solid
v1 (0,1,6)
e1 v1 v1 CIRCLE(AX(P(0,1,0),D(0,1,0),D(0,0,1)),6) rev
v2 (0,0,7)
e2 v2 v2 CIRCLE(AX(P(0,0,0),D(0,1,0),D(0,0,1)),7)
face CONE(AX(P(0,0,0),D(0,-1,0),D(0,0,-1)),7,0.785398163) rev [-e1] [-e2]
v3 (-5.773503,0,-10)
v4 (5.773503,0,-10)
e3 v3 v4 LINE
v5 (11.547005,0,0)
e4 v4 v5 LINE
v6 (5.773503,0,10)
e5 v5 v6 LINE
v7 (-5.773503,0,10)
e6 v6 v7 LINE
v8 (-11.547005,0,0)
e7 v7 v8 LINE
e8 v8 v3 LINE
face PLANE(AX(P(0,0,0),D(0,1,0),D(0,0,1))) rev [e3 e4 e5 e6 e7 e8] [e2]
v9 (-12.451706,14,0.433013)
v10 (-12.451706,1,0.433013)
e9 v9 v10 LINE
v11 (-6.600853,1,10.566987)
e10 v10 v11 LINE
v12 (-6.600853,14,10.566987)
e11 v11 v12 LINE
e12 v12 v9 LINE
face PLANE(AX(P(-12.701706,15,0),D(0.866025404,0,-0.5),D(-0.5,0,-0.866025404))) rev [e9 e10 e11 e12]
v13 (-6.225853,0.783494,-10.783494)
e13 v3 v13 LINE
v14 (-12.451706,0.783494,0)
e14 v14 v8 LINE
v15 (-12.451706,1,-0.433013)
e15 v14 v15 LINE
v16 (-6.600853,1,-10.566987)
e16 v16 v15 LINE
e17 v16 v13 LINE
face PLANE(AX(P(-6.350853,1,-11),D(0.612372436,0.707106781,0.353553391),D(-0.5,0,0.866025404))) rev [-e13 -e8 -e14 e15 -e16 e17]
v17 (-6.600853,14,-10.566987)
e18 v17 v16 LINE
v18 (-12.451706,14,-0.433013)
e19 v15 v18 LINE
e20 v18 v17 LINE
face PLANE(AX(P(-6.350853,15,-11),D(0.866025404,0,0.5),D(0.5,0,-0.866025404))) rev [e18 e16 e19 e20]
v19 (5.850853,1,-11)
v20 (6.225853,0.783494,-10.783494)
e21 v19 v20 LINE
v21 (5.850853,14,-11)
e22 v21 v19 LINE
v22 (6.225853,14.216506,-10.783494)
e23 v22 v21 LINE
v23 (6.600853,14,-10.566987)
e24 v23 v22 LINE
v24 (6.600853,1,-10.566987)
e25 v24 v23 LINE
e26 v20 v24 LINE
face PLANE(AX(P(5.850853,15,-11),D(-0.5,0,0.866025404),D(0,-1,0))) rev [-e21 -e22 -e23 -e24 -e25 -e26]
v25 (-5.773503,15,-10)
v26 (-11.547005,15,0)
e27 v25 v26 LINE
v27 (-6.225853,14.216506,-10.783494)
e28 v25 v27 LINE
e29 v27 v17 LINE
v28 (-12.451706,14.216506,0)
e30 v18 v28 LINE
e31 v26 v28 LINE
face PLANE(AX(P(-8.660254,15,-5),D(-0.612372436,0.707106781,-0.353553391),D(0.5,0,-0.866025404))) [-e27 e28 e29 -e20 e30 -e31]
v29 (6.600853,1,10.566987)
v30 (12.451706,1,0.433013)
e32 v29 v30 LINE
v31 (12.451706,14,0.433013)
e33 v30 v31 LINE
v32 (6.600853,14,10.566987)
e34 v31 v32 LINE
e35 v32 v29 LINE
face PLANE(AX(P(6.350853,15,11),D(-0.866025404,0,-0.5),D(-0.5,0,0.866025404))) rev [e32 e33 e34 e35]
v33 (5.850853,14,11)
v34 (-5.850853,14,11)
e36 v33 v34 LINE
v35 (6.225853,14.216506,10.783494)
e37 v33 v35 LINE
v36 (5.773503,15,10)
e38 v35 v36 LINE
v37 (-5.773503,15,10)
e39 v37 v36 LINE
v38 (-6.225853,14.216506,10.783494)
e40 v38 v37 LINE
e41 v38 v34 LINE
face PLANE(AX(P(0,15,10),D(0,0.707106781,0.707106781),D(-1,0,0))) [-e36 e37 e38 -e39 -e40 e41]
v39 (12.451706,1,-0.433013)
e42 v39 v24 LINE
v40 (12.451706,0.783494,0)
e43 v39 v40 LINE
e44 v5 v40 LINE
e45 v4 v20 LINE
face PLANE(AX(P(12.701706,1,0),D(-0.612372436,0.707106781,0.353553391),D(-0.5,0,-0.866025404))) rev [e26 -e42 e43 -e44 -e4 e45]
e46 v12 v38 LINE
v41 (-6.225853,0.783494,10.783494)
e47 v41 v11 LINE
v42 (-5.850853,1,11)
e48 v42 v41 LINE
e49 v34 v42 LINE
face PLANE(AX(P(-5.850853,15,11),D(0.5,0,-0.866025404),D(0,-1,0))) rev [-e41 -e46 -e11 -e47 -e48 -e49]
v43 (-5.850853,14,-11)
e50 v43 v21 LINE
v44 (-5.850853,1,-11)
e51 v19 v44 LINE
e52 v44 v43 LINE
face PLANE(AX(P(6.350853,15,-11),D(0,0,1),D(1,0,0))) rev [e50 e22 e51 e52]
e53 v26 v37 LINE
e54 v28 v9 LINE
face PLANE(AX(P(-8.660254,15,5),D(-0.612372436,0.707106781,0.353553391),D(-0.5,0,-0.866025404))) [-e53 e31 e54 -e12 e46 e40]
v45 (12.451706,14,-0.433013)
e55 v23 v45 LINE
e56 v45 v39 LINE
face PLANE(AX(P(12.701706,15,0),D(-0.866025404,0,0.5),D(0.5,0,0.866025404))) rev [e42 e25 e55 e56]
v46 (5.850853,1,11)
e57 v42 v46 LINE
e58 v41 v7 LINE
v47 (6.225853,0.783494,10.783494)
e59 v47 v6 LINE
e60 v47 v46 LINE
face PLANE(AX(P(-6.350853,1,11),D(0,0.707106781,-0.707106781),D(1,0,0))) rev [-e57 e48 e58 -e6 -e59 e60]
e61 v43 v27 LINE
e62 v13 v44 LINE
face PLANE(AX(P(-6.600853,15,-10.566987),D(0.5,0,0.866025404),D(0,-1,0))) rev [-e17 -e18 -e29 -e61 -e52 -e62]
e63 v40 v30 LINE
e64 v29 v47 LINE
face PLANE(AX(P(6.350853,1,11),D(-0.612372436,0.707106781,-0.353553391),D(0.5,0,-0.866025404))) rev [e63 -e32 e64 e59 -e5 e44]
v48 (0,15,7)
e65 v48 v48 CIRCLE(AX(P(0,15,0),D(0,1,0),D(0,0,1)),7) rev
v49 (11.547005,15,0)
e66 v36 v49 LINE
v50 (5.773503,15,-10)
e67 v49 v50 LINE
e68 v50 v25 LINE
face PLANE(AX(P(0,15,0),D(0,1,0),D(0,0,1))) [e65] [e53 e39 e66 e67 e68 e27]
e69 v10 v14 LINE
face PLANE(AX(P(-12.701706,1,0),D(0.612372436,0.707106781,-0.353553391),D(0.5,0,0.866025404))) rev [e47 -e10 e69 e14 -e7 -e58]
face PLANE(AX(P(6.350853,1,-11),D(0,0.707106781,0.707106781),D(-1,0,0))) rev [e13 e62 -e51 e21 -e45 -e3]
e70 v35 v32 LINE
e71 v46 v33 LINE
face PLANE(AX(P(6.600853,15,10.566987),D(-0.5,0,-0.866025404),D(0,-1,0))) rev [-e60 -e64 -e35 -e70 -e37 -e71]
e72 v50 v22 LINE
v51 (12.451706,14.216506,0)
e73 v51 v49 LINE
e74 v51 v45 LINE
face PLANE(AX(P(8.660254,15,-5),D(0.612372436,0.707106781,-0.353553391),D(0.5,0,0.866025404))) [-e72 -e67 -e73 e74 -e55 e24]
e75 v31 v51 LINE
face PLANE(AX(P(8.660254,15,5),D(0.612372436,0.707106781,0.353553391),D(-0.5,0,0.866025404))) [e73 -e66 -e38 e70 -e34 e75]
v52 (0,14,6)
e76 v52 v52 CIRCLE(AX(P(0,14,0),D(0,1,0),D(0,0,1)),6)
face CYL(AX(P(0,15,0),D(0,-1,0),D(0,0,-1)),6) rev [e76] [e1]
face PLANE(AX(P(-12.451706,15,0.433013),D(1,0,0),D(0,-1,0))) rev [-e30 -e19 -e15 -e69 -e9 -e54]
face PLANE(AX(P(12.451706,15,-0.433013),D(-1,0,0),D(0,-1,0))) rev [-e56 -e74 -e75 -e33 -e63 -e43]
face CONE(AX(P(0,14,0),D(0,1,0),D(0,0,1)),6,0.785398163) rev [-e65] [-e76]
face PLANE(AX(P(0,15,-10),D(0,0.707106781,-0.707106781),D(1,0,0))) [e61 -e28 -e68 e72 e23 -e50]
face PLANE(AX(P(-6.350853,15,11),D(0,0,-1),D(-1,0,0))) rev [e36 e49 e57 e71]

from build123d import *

# Parameters (mm, degrees)
SKETCH1_R           = 6
EXTRUDE1_DEPTH      = 15
SMUSSO2_SIZE        = 1
SMUSSO3_SIZE        = 0.5
SMUSSO3_EDGE_2_SIZE = 0.5
SMUSSO3_EDGE_3_SIZE = 0.5
SMUSSO3_EDGE_4_SIZE = 0.5
SMUSSO3_EDGE_5_SIZE = 0.5
SMUSSO3_EDGE_6_SIZE = 0.5


with BuildPart() as part:
    # Sketch1 → Extrude1 (new body)
    with BuildSketch(Plane(origin=(0, 0, 0), x_dir=(1, 0, 0), z_dir=(0, 1, 0))):
        Polygon((6.350852961, -11), (12.701705922, 0), (6.350852961, 11), (-6.350852961, 11), (-12.701705922, 0), (-6.350852961, -11), align=None)
        with Locations(Location((0, 0, 0), (0, 0, 270))):
            Circle(SKETCH1_R, mode=Mode.SUBTRACT)
    extrude(amount=EXTRUDE1_DEPTH)

    # Smusso2
    smusso2_edges = [part.edges().sort_by_distance(p)[0] for p in [
        (9.526279442, 15, -5.5),
        (0, 15, -11),
        (0, 0, -6),
        (0, 15, -6),
        (-9.526279442, 15, -5.5),
        (-9.526279442, 15, 5.5),
        (0, 15, 11),
        (-9.526279442, 0, 5.5),
        (-9.526279442, 0, -5.5),
        (0, 0, -11),
        (9.526279442, 0, -5.5),
        (9.526279442, 0, 5.5),
        (0, 0, 11),
        (9.526279442, 15, 5.5),
    ]]
    chamfer(smusso2_edges, length=SMUSSO2_SIZE)

    # Smusso3
    smusso3_edges = [part.edges().sort_by_distance(p)[0] for p in [
        (12.701705922, 7.5, 0),
    ]]
    chamfer(smusso3_edges, length=SMUSSO3_SIZE)

    # Smusso3 edge 2
    smusso3_edge_2_edges = [part.edges().sort_by_distance(p)[0] for p in [
        (6.350852961, 7.5, 11),
    ]]
    chamfer(smusso3_edge_2_edges, length=SMUSSO3_EDGE_2_SIZE)

    # Smusso3 edge 3
    smusso3_edge_3_edges = [part.edges().sort_by_distance(p)[0] for p in [
        (6.350852961, 7.5, -11),
    ]]
    chamfer(smusso3_edge_3_edges, length=SMUSSO3_EDGE_3_SIZE)

    # Smusso3 edge 4
    smusso3_edge_4_edges = [part.edges().sort_by_distance(p)[0] for p in [
        (-6.350852961, 7.5, -11),
    ]]
    chamfer(smusso3_edge_4_edges, length=SMUSSO3_EDGE_4_SIZE)

    # Smusso3 edge 5
    smusso3_edge_5_edges = [part.edges().sort_by_distance(p)[0] for p in [
        (-12.701705922, 7.5, 0),
    ]]
    chamfer(smusso3_edge_5_edges, length=SMUSSO3_EDGE_5_SIZE)

    # Smusso3 edge 6
    smusso3_edge_6_edges = [part.edges().sort_by_distance(p)[0] for p in [
        (-6.350852961, 7.5, 11),
    ]]
    chamfer(smusso3_edge_6_edges, length=SMUSSO3_EDGE_6_SIZE)


solid = part.part
